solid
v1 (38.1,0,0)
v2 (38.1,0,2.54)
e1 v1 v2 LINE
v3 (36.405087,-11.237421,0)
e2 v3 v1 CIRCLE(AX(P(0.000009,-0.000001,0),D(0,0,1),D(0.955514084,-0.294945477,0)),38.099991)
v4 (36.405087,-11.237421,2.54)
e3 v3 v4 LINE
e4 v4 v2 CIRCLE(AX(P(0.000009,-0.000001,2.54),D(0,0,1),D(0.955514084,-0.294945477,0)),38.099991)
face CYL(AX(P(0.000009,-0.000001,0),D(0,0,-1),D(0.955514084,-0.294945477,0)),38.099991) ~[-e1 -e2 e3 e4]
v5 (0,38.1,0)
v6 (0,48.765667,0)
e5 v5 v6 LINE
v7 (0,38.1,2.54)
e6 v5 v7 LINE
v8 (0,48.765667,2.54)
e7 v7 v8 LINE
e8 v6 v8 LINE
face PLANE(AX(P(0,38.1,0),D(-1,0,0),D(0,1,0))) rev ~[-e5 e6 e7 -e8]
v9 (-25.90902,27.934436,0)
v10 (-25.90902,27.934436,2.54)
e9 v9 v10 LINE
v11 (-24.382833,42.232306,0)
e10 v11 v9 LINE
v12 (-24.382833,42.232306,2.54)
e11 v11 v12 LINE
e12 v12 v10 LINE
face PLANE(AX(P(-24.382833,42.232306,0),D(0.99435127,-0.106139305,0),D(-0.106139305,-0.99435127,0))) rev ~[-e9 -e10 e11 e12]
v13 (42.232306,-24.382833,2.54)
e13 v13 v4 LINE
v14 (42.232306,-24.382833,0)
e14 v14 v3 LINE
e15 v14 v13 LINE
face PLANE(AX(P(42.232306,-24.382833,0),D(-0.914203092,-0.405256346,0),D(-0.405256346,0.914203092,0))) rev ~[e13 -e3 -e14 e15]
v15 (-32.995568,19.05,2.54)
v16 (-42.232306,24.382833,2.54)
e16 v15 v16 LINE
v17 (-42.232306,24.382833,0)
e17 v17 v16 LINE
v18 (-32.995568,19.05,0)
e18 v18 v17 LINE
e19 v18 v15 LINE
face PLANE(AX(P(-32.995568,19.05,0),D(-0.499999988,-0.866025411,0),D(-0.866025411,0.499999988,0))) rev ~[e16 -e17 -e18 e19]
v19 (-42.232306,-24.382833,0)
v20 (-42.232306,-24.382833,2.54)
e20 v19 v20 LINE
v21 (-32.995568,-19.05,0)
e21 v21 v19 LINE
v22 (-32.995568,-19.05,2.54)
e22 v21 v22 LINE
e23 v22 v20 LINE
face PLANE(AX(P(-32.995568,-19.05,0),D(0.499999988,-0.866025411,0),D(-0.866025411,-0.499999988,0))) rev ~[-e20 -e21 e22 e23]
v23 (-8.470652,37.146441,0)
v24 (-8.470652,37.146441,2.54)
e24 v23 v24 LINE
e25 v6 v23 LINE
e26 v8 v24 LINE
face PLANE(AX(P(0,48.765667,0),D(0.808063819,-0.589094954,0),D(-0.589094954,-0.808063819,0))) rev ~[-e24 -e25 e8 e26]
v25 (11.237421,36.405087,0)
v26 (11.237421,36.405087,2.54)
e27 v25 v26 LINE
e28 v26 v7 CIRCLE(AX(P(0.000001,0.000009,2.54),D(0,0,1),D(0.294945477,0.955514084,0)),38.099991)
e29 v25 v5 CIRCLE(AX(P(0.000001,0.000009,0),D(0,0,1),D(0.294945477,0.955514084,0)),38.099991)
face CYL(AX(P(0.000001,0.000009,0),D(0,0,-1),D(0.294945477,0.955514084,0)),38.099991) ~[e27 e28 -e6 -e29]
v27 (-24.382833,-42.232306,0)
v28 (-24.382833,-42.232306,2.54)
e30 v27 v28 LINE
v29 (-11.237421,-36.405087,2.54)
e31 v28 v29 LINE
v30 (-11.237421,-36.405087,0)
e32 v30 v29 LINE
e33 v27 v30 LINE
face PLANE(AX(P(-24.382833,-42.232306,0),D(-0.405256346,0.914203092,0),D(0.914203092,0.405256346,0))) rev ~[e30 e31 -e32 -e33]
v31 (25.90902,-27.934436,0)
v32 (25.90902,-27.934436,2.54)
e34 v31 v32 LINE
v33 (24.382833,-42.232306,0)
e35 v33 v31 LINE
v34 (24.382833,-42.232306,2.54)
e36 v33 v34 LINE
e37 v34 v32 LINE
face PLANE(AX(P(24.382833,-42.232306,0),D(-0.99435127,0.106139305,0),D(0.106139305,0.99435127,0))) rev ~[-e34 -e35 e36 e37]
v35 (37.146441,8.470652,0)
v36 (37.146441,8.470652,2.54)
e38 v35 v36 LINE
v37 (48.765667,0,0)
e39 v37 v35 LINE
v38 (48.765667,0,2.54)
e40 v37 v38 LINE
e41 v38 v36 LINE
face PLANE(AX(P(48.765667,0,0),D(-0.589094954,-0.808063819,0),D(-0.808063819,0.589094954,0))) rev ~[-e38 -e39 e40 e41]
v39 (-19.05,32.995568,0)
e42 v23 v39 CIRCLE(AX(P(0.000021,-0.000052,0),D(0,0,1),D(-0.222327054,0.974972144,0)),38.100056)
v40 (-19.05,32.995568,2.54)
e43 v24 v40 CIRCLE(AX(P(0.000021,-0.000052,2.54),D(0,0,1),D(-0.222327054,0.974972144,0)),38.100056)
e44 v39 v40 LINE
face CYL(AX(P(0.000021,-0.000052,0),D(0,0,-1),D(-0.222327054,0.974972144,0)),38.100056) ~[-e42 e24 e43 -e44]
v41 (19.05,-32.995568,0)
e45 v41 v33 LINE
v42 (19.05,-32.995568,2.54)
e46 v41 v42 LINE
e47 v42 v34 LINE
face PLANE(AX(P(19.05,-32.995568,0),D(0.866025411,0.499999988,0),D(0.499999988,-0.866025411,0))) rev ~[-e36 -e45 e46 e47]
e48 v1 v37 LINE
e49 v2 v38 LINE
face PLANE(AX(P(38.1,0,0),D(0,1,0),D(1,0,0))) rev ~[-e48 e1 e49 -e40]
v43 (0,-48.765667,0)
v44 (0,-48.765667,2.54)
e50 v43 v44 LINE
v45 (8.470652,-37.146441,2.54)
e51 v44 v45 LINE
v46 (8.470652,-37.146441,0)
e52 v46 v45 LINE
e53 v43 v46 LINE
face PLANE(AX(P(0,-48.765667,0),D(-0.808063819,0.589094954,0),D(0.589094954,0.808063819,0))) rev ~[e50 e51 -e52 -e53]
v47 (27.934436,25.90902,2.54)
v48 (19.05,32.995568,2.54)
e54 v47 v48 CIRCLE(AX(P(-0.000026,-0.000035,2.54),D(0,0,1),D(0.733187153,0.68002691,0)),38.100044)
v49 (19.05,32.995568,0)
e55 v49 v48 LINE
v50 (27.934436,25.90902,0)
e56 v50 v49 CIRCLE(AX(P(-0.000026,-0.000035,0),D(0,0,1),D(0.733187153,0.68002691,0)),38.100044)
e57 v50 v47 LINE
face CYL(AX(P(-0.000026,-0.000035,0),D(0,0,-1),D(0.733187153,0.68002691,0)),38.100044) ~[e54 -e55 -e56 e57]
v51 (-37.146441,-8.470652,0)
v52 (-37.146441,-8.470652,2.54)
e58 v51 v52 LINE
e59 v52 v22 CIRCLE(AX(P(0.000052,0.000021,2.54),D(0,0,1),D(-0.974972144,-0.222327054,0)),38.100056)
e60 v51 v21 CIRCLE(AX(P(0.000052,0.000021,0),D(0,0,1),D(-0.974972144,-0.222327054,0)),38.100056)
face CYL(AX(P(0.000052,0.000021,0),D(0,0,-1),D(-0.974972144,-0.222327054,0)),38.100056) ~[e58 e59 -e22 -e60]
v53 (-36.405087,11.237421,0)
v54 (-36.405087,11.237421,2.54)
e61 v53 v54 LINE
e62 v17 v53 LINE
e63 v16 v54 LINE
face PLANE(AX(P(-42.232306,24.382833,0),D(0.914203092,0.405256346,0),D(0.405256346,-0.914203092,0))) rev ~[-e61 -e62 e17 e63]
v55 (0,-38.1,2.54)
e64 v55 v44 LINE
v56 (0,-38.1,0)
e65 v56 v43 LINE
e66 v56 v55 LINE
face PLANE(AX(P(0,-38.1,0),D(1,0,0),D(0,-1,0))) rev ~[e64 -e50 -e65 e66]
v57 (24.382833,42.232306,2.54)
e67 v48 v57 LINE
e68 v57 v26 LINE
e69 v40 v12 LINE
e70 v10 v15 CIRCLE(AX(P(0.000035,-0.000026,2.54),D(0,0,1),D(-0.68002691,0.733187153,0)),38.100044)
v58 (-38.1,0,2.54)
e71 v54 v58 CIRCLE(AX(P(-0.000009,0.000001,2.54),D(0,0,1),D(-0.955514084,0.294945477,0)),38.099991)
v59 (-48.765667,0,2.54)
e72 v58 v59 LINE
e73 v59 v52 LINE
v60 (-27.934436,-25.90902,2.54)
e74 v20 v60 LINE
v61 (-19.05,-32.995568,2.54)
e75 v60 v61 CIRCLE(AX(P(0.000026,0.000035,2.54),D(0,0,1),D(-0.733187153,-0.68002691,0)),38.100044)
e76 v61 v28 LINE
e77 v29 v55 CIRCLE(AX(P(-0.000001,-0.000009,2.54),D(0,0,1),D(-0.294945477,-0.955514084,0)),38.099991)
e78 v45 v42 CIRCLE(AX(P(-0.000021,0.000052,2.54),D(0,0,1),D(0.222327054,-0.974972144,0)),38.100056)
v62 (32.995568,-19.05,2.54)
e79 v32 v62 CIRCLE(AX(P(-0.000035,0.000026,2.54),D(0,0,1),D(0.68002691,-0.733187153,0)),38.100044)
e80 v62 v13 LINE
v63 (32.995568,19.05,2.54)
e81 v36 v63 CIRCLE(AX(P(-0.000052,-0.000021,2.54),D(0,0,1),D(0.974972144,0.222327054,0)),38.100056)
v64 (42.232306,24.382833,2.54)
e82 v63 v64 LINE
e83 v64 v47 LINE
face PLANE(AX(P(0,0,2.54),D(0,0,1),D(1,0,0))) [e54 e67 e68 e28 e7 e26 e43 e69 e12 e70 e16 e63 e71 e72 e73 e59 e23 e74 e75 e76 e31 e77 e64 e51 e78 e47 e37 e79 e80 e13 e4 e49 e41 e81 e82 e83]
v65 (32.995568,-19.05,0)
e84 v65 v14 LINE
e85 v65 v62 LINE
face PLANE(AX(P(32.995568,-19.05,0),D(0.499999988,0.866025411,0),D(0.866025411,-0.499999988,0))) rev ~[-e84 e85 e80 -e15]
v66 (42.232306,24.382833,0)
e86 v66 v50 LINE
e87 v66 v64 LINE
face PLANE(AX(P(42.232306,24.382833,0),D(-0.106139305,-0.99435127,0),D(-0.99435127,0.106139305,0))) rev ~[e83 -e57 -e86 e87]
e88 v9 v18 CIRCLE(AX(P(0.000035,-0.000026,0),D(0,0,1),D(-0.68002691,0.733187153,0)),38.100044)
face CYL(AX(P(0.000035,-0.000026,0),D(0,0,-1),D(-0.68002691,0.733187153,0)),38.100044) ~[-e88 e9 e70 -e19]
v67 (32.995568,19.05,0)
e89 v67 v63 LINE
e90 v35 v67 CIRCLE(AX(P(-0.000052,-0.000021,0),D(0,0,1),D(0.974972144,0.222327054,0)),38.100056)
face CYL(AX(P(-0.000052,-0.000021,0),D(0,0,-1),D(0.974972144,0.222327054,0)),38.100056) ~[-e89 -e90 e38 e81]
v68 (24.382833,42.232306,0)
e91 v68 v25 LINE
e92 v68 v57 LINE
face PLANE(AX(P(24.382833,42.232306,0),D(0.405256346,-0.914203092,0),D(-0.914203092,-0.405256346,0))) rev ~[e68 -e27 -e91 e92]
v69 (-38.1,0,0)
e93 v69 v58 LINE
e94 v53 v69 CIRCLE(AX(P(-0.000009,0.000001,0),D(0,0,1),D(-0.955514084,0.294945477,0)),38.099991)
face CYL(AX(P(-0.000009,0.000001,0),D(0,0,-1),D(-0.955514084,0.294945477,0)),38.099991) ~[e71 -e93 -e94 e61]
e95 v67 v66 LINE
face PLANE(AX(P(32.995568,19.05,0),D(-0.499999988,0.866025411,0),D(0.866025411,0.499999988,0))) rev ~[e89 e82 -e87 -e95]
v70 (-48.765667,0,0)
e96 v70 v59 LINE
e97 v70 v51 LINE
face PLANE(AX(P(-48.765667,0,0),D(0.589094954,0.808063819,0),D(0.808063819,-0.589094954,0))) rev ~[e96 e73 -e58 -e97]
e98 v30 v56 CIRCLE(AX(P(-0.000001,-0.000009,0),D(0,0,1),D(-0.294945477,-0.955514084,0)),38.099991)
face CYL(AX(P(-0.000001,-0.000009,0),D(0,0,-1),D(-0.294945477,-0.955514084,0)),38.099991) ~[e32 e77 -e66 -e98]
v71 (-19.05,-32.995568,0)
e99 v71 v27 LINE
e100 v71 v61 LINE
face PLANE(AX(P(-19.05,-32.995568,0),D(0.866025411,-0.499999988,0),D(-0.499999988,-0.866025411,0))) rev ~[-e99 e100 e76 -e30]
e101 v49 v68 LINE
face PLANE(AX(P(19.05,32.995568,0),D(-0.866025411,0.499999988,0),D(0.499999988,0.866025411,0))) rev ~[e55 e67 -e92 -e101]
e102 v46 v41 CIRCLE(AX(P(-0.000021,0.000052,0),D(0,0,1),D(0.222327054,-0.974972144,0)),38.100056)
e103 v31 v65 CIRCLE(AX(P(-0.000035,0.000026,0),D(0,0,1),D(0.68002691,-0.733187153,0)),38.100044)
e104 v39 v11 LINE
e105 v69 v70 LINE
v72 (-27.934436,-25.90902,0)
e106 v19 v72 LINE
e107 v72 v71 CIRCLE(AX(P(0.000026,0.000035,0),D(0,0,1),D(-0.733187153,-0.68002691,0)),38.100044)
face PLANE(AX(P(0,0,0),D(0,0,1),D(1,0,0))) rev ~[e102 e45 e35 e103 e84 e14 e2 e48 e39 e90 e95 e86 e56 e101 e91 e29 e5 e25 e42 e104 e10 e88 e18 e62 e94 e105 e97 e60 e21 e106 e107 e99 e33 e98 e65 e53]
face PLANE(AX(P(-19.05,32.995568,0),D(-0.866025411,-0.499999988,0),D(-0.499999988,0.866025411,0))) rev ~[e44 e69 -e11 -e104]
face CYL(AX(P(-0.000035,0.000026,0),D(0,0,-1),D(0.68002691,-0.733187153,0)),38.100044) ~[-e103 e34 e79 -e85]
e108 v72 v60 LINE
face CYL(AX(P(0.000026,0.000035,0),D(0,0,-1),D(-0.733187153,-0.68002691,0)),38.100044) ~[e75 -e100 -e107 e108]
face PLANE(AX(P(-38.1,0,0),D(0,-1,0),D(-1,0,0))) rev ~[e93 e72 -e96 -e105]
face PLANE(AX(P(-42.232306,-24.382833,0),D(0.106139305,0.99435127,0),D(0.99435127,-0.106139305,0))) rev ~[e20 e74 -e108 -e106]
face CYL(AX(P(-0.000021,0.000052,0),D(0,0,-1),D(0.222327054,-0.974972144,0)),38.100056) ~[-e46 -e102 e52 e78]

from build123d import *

# Parameters (mm, degrees)
F1_DEPTH = 2.54


with BuildPart() as f1:
    # F0 (on Top) → F1 (new body)
    with BuildSketch(Plane.XY):
        with BuildLine():
            ThreePointArc((36.405087, -11.237421), (37.673889, -5.682261), (38.1, 0))
            ThreePointArc((38.1, 0), (37.86086, 4.262077), (37.146441, 8.470652))
            ThreePointArc((37.146441, 8.470652), (35.467675, 13.915962), (32.995568, 19.05))
            ThreePointArc((32.995568, 19.05), (30.657428, 22.621497), (27.934436, 25.90902))
            ThreePointArc((27.934436, 25.90902), (23.757927, 29.785414), (19.05, 32.995568))
            ThreePointArc((19.05, 32.995568), (15.239363, 34.919505), (11.237421, 36.405087))
            ThreePointArc((11.237421, 36.405087), (5.682261, 37.673889), (0, 38.1))
            ThreePointArc((0, 38.1), (-4.262077, 37.86086), (-8.470652, 37.146441))
            ThreePointArc((-8.470652, 37.146441), (-13.915962, 35.467675), (-19.05, 32.995568))
            ThreePointArc((-19.05, 32.995568), (-22.621497, 30.657428), (-25.90902, 27.934436))
            ThreePointArc((-25.90902, 27.934436), (-29.785414, 23.757927), (-32.995568, 19.05))
            ThreePointArc((-32.995568, 19.05), (-34.919505, 15.239363), (-36.405087, 11.237421))
            ThreePointArc((-36.405087, 11.237421), (-37.673889, 5.682261), (-38.1, 0))
            ThreePointArc((-38.1, 0), (-37.86086, -4.262077), (-37.146441, -8.470652))
            ThreePointArc((-37.146441, -8.470652), (-35.467675, -13.915962), (-32.995568, -19.05))
            ThreePointArc((-32.995568, -19.05), (-30.657428, -22.621497), (-27.934436, -25.90902))
            ThreePointArc((-27.934436, -25.90902), (-23.757927, -29.785414), (-19.05, -32.995568))
            ThreePointArc((-19.05, -32.995568), (-15.239363, -34.919505), (-11.237421, -36.405087))
            ThreePointArc((-11.237421, -36.405087), (-5.682261, -37.673889), (0, -38.1))
            ThreePointArc((0, -38.1), (4.262077, -37.86086), (8.470652, -37.146441))
            ThreePointArc((8.470652, -37.146441), (13.915962, -35.467675), (19.05, -32.995568))
            ThreePointArc((19.05, -32.995568), (22.621497, -30.657428), (25.90902, -27.934436))
            ThreePointArc((25.90902, -27.934436), (29.785414, -23.757927), (32.995568, -19.05))
            ThreePointArc((32.995568, -19.05), (34.919505, -15.239363), (36.405087, -11.237421))
        make_face()
        with BuildLine():
            ThreePointArc((37.146441, 8.470652), (37.86086, 4.262077), (38.1, 0))
            Line((38.1, 0), (48.765667, 0))
            Line((48.765667, 0), (37.146441, 8.470652))
        make_face()
        with BuildLine():
            Line((42.232306, -24.382833), (36.405087, -11.237421))
            ThreePointArc((36.405087, -11.237421), (34.919505, -15.239363), (32.995568, -19.05))
            Line((32.995568, -19.05), (42.232306, -24.382833))
        make_face()
        with BuildLine():
            ThreePointArc((27.934436, 25.90902), (30.657428, 22.621497), (32.995568, 19.05))
            Line((32.995568, 19.05), (42.232306, 24.382833))
            Line((42.232306, 24.382833), (27.934436, 25.90902))
        make_face()
        with BuildLine():
            Line((24.382833, -42.232306), (25.90902, -27.934436))
            ThreePointArc((25.90902, -27.934436), (22.621497, -30.657428), (19.05, -32.995568))
            Line((19.05, -32.995568), (24.382833, -42.232306))
        make_face()
        with BuildLine():
            ThreePointArc((11.237421, 36.405087), (15.239363, 34.919505), (19.05, 32.995568))
            Line((19.05, 32.995568), (24.382833, 42.232306))
            Line((24.382833, 42.232306), (11.237421, 36.405087))
        make_face()
        with BuildLine():
            Line((0, -48.765667), (8.470652, -37.146441))
            ThreePointArc((8.470652, -37.146441), (4.262077, -37.86086), (0, -38.1))
            Line((0, -38.1), (0, -48.765667))
        make_face()
        with BuildLine():
            ThreePointArc((-8.470652, 37.146441), (-4.262077, 37.86086), (0, 38.1))
            Line((0, 38.1), (0, 48.765667))
            Line((0, 48.765667), (-8.470652, 37.146441))
        make_face()
        with BuildLine():
            Line((-24.382833, -42.232306), (-11.237421, -36.405087))
            ThreePointArc((-11.237421, -36.405087), (-15.239363, -34.919505), (-19.05, -32.995568))
            Line((-19.05, -32.995568), (-24.382833, -42.232306))
        make_face()
        with BuildLine():
            ThreePointArc((-25.90902, 27.934436), (-22.621497, 30.657428), (-19.05, 32.995568))
            Line((-19.05, 32.995568), (-24.382833, 42.232306))
            Line((-24.382833, 42.232306), (-25.90902, 27.934436))
        make_face()
        with BuildLine():
            Line((-42.232306, -24.382833), (-27.934436, -25.90902))
            ThreePointArc((-27.934436, -25.90902), (-30.657428, -22.621497), (-32.995568, -19.05))
            Line((-32.995568, -19.05), (-42.232306, -24.382833))
        make_face()
        with BuildLine():
            ThreePointArc((-36.405087, 11.237421), (-34.919505, 15.239363), (-32.995568, 19.05))
            Line((-32.995568, 19.05), (-42.232306, 24.382833))
            Line((-42.232306, 24.382833), (-36.405087, 11.237421))
        make_face()
        with BuildLine():
            Line((-48.765667, 0), (-37.146441, -8.470652))
            ThreePointArc((-37.146441, -8.470652), (-37.86086, -4.262077), (-38.1, 0))
            Line((-38.1, 0), (-48.765667, 0))
        make_face()
    extrude(amount=F1_DEPTH)


solid = f1.part
